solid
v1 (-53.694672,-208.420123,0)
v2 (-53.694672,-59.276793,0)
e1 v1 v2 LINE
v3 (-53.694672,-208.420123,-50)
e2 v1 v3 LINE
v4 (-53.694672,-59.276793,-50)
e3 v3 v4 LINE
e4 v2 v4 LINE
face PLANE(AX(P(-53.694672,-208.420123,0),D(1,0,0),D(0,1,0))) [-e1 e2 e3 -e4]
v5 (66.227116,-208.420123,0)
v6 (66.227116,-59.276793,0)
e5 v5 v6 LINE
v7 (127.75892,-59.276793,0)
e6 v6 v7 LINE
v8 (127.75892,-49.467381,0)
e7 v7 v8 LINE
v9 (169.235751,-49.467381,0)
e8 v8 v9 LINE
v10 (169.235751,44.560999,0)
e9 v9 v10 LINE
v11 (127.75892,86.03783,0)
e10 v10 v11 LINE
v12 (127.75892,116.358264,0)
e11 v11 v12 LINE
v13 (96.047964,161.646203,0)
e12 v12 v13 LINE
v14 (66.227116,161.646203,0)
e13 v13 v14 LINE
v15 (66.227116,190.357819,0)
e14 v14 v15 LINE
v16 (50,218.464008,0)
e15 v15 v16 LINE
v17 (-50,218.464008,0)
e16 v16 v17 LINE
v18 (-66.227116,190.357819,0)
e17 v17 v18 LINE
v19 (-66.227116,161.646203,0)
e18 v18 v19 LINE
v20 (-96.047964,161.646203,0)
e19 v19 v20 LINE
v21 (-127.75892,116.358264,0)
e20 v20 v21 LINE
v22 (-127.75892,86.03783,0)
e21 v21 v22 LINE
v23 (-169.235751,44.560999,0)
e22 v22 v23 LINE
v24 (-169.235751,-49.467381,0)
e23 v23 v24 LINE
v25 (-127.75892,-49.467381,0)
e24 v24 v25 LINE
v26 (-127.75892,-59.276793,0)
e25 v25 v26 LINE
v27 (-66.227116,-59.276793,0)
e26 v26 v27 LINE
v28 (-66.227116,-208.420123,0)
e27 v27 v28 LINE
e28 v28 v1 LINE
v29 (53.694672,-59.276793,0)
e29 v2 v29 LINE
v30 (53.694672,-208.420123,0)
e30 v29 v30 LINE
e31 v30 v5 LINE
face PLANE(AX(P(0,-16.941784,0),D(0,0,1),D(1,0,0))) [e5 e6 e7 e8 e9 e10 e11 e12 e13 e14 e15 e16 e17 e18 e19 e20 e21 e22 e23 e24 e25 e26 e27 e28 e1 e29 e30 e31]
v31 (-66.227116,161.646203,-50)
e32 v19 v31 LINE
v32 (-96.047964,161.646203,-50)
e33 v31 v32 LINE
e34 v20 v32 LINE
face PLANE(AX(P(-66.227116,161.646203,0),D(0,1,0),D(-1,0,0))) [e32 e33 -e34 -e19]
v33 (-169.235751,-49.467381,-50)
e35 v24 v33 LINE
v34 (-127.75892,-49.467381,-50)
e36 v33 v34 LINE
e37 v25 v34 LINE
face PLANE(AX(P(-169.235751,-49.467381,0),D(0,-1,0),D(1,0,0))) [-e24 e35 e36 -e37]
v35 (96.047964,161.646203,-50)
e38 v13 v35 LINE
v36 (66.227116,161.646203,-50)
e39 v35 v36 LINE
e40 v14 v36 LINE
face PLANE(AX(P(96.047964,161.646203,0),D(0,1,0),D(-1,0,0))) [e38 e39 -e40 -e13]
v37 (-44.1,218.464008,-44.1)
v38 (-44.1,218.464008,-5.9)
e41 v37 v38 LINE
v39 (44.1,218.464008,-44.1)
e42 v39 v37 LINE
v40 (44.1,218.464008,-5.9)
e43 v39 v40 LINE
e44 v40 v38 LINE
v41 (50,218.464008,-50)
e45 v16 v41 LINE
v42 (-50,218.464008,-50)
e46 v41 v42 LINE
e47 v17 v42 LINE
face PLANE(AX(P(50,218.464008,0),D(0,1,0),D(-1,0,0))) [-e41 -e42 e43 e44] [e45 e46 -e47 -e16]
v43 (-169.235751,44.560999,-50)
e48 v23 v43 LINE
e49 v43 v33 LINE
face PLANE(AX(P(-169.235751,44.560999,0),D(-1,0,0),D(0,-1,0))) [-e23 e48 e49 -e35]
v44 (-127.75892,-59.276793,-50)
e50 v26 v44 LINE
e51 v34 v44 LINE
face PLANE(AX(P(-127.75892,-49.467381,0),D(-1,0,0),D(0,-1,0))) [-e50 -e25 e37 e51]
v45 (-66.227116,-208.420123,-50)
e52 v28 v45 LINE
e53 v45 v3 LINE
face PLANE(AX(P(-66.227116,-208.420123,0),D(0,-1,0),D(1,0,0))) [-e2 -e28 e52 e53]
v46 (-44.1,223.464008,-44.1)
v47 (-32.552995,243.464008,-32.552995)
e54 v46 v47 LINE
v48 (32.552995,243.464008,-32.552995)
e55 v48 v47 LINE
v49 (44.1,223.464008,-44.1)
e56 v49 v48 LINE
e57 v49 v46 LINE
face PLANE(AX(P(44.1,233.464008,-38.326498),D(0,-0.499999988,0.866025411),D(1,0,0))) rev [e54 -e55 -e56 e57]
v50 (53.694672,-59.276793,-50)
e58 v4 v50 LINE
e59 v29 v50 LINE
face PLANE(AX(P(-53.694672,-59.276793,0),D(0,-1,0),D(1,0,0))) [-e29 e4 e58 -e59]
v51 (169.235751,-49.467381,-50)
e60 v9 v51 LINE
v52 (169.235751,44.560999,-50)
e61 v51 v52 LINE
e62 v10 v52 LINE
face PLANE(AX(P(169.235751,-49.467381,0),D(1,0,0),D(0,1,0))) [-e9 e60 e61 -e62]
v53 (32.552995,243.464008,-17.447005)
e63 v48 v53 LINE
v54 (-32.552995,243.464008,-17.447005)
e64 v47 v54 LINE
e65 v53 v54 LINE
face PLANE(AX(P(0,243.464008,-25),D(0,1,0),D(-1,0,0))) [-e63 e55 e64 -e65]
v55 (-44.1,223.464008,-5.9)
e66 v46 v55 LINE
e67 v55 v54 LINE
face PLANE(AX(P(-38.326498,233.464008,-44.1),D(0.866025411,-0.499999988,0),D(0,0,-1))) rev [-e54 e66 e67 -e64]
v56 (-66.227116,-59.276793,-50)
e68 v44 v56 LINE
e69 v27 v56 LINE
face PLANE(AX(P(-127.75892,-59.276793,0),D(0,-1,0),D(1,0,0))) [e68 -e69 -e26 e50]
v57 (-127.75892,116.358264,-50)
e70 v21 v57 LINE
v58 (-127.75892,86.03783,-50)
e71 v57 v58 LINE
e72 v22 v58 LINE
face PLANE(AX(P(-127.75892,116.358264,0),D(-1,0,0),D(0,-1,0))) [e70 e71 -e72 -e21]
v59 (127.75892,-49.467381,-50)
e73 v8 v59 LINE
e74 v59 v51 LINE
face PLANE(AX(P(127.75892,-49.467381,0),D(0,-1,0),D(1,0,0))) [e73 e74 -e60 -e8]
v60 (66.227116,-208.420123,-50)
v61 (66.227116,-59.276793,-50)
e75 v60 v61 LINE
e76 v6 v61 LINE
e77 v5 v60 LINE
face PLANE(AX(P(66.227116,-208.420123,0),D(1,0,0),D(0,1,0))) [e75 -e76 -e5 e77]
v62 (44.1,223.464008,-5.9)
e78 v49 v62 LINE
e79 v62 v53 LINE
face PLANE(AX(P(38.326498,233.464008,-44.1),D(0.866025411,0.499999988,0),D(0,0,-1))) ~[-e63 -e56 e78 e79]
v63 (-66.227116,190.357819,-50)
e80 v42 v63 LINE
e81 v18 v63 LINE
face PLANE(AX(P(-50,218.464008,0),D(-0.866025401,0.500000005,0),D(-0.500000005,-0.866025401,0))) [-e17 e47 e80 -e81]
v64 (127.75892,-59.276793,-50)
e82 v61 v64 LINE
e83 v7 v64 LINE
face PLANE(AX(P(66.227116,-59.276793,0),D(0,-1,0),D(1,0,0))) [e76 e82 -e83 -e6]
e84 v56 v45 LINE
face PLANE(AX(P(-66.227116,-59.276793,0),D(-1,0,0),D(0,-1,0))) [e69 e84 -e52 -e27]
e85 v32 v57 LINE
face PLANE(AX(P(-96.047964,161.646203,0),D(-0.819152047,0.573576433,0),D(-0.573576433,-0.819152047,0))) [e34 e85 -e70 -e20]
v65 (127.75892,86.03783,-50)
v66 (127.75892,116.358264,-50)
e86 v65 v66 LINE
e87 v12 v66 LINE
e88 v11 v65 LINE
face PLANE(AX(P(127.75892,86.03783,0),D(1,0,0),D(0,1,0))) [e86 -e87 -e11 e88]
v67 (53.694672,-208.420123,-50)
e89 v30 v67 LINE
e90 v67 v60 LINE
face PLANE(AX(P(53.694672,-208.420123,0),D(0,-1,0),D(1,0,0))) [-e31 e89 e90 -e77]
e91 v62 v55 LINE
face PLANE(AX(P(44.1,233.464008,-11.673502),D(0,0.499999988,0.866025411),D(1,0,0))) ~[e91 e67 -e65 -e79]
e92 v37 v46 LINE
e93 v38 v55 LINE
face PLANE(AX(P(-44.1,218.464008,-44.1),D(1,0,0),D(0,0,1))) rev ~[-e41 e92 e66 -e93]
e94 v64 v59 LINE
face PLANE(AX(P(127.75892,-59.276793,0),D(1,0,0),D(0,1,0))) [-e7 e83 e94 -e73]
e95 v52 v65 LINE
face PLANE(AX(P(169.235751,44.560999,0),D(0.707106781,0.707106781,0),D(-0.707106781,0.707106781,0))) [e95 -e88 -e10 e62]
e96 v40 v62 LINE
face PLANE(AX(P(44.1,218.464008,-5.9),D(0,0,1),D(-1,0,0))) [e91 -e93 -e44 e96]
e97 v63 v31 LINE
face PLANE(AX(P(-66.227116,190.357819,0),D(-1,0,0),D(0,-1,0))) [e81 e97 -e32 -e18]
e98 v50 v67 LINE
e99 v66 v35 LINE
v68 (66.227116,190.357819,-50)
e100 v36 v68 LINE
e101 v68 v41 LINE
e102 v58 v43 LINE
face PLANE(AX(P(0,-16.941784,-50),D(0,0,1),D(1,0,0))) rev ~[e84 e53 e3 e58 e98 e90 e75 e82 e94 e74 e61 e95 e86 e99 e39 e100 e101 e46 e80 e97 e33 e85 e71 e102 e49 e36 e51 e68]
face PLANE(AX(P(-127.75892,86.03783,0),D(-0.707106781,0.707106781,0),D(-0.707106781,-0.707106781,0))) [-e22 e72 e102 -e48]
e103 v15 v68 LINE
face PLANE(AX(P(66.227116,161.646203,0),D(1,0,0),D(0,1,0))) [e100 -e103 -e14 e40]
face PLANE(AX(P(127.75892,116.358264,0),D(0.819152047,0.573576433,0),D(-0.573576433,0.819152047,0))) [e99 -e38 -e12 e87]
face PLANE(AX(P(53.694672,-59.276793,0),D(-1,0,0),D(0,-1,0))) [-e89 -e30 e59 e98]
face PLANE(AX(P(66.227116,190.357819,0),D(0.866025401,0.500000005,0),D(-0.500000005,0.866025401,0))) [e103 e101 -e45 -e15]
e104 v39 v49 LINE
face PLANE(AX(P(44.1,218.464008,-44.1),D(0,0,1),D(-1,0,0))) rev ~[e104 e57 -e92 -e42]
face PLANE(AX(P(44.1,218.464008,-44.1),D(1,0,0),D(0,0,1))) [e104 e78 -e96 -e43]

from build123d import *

# Parameters (mm, degrees)
F1_DEPTH = 50
F2_W     = 88.2
F2_H     = 38.2
F2_W_2   = 43.121268
F2_H_2   = 15.88
F3_DEPTH = 25
F4_SIZE2 = 11.547005
F4_SIZE  = 20


with BuildPart() as f1:
    # F0 (on Top) → F1 (new body)
    with BuildSketch(Plane.XY):
        Polygon((50, 218.464008), (0, 218.464008), (-50, 218.464008), (-66.227116, 190.357819), (-66.227116, 161.646203), (-66.227116, 0), (-66.227116, -59.276793), (-66.227116, -208.420123), (-53.694672, -208.420123), (-53.694672, -59.276793), (0, -59.276793), (53.694672, -59.276793), (53.694672, -208.420123), (66.227116, -208.420123), (66.227116, -59.276793), (66.227116, 0), (66.227116, 161.646203), (66.227116, 190.357819), align=None)
        Polygon((-66.227116, 0), (-66.227116, 161.646203), (-96.047964, 161.646203), (-127.75892, 116.358264), (-127.75892, 86.03783), (-127.75892, -49.467381), (-127.75892, -59.276793), (-66.227116, -59.276793), align=None)
        Polygon((-127.75892, -49.467381), (-127.75892, 86.03783), (-169.235751, 44.560999), (-169.235751, -49.467381), align=None)
        Polygon((96.047964, 161.646203), (66.227116, 161.646203), (66.227116, 0), (66.227116, -59.276793), (127.75892, -59.276793), (127.75892, -49.467381), (127.75892, 86.03783), (127.75892, 116.358264), align=None)
        Polygon((169.235751, 44.560999), (127.75892, 86.03783), (127.75892, -49.467381), (169.235751, -49.467381), align=None)
    extrude(amount=-F1_DEPTH)

    # F2 (on face) → F3 (join)
    with BuildSketch(Plane(origin=(0, 218.464008, 0), x_dir=(-1, 0, 0), z_dir=(0, 1, 0))):
        with Locations((0, -25)):
            Rectangle(F2_W, F2_H)
        with Locations((0, -25)):
            Rectangle(F2_W_2, F2_H_2, mode=Mode.SUBTRACT)
        with Locations((0, -25)):
            Rectangle(F2_W_2, F2_H_2)
    extrude(amount=F3_DEPTH)

    # F4
    f4_edges = [f1.edges().sort_by_distance(p)[0] for p in [
        (-44.1, 243.464008, -25),
        (0, 243.464008, -5.9),
        (44.1, 243.464008, -25),
        (0, 243.464008, -44.1),
    ]]
    chamfer(f4_edges, length=F4_SIZE, length2=F4_SIZE2)


solid = f1.part
